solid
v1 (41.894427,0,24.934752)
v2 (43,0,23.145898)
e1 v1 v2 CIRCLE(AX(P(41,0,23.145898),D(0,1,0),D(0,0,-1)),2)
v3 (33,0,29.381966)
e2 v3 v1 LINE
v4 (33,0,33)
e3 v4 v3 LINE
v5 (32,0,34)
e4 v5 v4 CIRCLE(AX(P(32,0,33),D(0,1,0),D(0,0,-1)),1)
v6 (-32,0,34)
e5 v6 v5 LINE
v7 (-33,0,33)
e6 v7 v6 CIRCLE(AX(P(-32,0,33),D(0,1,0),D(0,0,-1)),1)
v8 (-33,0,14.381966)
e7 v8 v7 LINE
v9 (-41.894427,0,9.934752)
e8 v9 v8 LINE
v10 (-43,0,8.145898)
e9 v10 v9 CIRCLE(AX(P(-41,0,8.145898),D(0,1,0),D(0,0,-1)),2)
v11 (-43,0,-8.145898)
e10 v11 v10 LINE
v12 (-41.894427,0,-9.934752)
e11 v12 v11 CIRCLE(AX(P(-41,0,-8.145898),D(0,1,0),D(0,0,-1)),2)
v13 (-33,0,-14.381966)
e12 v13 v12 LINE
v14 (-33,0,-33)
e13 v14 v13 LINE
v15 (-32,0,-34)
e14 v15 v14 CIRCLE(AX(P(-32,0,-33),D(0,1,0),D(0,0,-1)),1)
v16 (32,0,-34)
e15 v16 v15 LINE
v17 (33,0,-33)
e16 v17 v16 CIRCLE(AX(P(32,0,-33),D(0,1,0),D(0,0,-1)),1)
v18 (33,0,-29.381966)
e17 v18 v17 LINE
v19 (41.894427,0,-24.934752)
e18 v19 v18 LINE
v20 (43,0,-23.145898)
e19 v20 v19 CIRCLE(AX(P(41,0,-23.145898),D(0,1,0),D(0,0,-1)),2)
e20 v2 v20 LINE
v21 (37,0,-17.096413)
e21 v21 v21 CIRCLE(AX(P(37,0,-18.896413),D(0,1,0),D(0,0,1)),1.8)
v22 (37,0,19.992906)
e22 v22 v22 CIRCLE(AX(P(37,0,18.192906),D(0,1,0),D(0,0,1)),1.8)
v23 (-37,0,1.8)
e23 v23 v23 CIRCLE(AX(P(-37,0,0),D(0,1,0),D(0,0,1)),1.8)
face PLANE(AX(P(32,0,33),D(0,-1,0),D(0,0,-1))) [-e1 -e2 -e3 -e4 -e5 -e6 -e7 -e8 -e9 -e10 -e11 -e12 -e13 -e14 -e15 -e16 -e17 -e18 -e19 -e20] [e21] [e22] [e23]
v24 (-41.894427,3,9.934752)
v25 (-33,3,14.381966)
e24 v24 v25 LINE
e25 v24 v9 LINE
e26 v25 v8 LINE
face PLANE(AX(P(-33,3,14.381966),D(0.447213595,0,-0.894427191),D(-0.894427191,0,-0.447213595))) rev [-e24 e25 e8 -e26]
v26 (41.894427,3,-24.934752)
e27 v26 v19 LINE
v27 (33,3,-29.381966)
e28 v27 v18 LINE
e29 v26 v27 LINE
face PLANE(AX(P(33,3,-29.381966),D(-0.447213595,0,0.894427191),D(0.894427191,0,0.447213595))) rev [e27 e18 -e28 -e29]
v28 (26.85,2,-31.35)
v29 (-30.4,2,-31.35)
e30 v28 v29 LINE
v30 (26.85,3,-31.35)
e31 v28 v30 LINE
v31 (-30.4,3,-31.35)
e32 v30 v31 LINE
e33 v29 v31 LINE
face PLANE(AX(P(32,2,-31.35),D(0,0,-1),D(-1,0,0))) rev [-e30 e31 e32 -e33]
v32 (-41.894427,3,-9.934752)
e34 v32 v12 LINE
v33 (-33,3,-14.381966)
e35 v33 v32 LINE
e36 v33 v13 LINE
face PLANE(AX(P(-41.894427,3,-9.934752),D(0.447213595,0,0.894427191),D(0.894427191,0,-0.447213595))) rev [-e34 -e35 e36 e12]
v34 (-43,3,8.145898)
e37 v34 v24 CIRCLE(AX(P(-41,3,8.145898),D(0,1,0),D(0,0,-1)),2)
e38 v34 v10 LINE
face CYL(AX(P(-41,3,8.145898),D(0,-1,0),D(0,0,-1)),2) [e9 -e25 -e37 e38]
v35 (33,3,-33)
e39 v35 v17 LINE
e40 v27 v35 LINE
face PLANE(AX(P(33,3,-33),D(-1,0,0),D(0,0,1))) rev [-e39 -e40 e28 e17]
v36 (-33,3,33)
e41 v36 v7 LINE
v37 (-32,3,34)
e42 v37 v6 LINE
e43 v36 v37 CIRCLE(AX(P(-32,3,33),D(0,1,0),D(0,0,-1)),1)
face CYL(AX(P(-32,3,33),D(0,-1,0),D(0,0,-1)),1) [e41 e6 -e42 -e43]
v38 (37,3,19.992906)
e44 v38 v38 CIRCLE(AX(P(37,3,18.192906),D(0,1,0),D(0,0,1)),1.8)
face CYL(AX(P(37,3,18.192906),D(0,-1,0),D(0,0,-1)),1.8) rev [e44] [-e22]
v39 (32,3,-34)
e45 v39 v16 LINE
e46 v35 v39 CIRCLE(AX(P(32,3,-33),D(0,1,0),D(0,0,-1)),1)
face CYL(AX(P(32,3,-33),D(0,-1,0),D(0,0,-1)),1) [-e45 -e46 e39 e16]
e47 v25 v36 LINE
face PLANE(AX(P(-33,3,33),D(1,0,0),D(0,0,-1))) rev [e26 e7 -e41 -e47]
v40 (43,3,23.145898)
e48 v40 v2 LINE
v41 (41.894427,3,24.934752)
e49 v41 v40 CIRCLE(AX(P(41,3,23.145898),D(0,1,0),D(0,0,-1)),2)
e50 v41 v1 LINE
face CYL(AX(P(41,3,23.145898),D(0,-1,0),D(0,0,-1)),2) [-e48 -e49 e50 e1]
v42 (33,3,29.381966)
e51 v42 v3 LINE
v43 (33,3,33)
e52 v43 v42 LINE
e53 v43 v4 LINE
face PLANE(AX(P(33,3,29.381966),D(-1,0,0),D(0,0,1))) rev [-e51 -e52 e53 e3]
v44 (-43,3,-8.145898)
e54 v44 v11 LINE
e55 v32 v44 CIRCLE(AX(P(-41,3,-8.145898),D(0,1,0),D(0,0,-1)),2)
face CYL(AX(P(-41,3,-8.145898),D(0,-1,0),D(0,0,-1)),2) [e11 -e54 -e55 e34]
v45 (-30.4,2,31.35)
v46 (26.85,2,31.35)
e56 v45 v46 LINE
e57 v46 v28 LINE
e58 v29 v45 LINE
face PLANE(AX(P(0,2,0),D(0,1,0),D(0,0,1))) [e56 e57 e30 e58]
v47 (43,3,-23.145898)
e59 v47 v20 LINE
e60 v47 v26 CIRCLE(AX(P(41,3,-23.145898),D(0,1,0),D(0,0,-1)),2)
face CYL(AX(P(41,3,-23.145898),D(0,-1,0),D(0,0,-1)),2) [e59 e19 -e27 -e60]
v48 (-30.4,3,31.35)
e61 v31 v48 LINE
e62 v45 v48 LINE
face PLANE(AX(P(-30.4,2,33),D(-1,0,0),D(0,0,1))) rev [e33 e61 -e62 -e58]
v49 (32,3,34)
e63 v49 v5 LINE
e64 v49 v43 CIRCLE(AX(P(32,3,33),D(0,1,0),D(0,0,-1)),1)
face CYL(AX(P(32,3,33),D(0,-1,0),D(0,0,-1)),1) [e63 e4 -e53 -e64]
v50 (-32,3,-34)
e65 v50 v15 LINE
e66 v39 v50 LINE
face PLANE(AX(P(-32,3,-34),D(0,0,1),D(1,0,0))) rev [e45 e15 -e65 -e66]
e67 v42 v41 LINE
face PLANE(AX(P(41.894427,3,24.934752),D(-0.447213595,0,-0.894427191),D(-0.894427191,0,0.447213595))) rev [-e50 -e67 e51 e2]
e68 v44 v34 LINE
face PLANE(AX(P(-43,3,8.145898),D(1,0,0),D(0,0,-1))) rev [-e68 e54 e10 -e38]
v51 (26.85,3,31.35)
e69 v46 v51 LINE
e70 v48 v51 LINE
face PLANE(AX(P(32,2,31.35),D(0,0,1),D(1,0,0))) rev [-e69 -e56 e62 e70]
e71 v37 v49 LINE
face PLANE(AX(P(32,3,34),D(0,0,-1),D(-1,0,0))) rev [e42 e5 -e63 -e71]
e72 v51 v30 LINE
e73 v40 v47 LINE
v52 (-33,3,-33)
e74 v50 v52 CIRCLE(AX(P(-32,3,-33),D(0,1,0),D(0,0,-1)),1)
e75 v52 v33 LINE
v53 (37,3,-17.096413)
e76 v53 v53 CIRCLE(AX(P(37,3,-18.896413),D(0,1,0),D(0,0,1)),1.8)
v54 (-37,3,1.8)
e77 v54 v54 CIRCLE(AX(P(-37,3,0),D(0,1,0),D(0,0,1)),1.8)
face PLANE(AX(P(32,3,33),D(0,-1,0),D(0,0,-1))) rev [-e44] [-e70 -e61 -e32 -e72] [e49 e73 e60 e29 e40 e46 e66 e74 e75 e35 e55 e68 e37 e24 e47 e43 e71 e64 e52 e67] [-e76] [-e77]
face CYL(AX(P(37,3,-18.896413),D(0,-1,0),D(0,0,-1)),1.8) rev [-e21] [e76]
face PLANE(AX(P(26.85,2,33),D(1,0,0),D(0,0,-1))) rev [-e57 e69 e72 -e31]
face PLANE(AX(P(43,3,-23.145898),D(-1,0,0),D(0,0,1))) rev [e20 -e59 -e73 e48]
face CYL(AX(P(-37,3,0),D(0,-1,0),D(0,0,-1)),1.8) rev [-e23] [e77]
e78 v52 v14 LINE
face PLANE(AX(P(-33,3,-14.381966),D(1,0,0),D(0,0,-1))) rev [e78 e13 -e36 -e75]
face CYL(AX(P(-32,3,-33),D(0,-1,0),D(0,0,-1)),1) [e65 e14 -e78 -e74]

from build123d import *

# Parameters (mm, degrees)
SKETCH1_R           = 1.8
BOSS_EXTRUDE1_DEPTH = 3
CUT_EXTRUDE1_START  = 3
SKETCH3_W           = 57.25
SKETCH3_H           = 62.7
CUT_EXTRUDE1_DEPTH  = 1


with BuildPart() as part:
    # Sketch1 → Boss-Extrude1 (new body)
    with BuildSketch(Plane(origin=(0, 0, 0), x_dir=(-1, 0, 0), z_dir=(0, 1, 0))):
        with BuildLine():
            Line((-33, 29.381966011), (-33, 33))
            ThreePointArc((-33, 33), (-32.707106781, 33.707106781), (-32, 34))
            Line((-32, 34), (32, 34))
            ThreePointArc((32, 34), (32.707106781, 33.707106781), (33, 33))
            Line((33, 33), (33, 14.381966011))
            Line((33, 14.381966011), (41.894427191, 9.934752416))
            ThreePointArc((41.894427191, 9.934752416), (42.701301617, 9.197360258), (43, 8.145898034))
            Line((43, 8.145898034), (43, -8.145898034))
            ThreePointArc((43, -8.145898034), (42.701301617, -9.197360258), (41.894427191, -9.934752416))
            Line((41.894427191, -9.934752416), (33, -14.381966011))
            Line((33, -14.381966011), (33, -33))
            ThreePointArc((33, -33), (32.707106781, -33.707106781), (32, -34))
            Line((32, -34), (-32, -34))
            ThreePointArc((-32, -34), (-32.707106781, -33.707106781), (-33, -33))
            Line((-33, -33), (-33, -29.381966011))
            Line((-33, -29.381966011), (-41.894427191, -24.934752416))
            ThreePointArc((-41.894427191, -24.934752416), (-42.701301617, -24.197360258), (-43, -23.145898034))
            Line((-43, -23.145898034), (-43, 23.145898034))
            ThreePointArc((-43, 23.145898034), (-42.701301617, 24.197360258), (-41.894427191, 24.934752416))
            Line((-41.894427191, 24.934752416), (-33, 29.381966011))
        make_face()
        with Locations((-37, 18.192906379)):
            Circle(SKETCH1_R, mode=Mode.SUBTRACT)
        with Locations((-37, -18.896413475)):
            Circle(SKETCH1_R, mode=Mode.SUBTRACT)
        with Locations((37, 0)):
            Circle(SKETCH1_R, mode=Mode.SUBTRACT)
    extrude(amount=BOSS_EXTRUDE1_DEPTH)

    # Sketch3 → Cut-Extrude1 (cut)
    with BuildSketch(Plane(origin=(0, 0, 0), x_dir=(-1, 0, 0), z_dir=(0, 1, 0)).offset(CUT_EXTRUDE1_START)):
        with Locations((1.775, 0)):
            Rectangle(SKETCH3_W, SKETCH3_H)
    extrude(amount=-CUT_EXTRUDE1_DEPTH, mode=Mode.SUBTRACT)


solid = part.part
